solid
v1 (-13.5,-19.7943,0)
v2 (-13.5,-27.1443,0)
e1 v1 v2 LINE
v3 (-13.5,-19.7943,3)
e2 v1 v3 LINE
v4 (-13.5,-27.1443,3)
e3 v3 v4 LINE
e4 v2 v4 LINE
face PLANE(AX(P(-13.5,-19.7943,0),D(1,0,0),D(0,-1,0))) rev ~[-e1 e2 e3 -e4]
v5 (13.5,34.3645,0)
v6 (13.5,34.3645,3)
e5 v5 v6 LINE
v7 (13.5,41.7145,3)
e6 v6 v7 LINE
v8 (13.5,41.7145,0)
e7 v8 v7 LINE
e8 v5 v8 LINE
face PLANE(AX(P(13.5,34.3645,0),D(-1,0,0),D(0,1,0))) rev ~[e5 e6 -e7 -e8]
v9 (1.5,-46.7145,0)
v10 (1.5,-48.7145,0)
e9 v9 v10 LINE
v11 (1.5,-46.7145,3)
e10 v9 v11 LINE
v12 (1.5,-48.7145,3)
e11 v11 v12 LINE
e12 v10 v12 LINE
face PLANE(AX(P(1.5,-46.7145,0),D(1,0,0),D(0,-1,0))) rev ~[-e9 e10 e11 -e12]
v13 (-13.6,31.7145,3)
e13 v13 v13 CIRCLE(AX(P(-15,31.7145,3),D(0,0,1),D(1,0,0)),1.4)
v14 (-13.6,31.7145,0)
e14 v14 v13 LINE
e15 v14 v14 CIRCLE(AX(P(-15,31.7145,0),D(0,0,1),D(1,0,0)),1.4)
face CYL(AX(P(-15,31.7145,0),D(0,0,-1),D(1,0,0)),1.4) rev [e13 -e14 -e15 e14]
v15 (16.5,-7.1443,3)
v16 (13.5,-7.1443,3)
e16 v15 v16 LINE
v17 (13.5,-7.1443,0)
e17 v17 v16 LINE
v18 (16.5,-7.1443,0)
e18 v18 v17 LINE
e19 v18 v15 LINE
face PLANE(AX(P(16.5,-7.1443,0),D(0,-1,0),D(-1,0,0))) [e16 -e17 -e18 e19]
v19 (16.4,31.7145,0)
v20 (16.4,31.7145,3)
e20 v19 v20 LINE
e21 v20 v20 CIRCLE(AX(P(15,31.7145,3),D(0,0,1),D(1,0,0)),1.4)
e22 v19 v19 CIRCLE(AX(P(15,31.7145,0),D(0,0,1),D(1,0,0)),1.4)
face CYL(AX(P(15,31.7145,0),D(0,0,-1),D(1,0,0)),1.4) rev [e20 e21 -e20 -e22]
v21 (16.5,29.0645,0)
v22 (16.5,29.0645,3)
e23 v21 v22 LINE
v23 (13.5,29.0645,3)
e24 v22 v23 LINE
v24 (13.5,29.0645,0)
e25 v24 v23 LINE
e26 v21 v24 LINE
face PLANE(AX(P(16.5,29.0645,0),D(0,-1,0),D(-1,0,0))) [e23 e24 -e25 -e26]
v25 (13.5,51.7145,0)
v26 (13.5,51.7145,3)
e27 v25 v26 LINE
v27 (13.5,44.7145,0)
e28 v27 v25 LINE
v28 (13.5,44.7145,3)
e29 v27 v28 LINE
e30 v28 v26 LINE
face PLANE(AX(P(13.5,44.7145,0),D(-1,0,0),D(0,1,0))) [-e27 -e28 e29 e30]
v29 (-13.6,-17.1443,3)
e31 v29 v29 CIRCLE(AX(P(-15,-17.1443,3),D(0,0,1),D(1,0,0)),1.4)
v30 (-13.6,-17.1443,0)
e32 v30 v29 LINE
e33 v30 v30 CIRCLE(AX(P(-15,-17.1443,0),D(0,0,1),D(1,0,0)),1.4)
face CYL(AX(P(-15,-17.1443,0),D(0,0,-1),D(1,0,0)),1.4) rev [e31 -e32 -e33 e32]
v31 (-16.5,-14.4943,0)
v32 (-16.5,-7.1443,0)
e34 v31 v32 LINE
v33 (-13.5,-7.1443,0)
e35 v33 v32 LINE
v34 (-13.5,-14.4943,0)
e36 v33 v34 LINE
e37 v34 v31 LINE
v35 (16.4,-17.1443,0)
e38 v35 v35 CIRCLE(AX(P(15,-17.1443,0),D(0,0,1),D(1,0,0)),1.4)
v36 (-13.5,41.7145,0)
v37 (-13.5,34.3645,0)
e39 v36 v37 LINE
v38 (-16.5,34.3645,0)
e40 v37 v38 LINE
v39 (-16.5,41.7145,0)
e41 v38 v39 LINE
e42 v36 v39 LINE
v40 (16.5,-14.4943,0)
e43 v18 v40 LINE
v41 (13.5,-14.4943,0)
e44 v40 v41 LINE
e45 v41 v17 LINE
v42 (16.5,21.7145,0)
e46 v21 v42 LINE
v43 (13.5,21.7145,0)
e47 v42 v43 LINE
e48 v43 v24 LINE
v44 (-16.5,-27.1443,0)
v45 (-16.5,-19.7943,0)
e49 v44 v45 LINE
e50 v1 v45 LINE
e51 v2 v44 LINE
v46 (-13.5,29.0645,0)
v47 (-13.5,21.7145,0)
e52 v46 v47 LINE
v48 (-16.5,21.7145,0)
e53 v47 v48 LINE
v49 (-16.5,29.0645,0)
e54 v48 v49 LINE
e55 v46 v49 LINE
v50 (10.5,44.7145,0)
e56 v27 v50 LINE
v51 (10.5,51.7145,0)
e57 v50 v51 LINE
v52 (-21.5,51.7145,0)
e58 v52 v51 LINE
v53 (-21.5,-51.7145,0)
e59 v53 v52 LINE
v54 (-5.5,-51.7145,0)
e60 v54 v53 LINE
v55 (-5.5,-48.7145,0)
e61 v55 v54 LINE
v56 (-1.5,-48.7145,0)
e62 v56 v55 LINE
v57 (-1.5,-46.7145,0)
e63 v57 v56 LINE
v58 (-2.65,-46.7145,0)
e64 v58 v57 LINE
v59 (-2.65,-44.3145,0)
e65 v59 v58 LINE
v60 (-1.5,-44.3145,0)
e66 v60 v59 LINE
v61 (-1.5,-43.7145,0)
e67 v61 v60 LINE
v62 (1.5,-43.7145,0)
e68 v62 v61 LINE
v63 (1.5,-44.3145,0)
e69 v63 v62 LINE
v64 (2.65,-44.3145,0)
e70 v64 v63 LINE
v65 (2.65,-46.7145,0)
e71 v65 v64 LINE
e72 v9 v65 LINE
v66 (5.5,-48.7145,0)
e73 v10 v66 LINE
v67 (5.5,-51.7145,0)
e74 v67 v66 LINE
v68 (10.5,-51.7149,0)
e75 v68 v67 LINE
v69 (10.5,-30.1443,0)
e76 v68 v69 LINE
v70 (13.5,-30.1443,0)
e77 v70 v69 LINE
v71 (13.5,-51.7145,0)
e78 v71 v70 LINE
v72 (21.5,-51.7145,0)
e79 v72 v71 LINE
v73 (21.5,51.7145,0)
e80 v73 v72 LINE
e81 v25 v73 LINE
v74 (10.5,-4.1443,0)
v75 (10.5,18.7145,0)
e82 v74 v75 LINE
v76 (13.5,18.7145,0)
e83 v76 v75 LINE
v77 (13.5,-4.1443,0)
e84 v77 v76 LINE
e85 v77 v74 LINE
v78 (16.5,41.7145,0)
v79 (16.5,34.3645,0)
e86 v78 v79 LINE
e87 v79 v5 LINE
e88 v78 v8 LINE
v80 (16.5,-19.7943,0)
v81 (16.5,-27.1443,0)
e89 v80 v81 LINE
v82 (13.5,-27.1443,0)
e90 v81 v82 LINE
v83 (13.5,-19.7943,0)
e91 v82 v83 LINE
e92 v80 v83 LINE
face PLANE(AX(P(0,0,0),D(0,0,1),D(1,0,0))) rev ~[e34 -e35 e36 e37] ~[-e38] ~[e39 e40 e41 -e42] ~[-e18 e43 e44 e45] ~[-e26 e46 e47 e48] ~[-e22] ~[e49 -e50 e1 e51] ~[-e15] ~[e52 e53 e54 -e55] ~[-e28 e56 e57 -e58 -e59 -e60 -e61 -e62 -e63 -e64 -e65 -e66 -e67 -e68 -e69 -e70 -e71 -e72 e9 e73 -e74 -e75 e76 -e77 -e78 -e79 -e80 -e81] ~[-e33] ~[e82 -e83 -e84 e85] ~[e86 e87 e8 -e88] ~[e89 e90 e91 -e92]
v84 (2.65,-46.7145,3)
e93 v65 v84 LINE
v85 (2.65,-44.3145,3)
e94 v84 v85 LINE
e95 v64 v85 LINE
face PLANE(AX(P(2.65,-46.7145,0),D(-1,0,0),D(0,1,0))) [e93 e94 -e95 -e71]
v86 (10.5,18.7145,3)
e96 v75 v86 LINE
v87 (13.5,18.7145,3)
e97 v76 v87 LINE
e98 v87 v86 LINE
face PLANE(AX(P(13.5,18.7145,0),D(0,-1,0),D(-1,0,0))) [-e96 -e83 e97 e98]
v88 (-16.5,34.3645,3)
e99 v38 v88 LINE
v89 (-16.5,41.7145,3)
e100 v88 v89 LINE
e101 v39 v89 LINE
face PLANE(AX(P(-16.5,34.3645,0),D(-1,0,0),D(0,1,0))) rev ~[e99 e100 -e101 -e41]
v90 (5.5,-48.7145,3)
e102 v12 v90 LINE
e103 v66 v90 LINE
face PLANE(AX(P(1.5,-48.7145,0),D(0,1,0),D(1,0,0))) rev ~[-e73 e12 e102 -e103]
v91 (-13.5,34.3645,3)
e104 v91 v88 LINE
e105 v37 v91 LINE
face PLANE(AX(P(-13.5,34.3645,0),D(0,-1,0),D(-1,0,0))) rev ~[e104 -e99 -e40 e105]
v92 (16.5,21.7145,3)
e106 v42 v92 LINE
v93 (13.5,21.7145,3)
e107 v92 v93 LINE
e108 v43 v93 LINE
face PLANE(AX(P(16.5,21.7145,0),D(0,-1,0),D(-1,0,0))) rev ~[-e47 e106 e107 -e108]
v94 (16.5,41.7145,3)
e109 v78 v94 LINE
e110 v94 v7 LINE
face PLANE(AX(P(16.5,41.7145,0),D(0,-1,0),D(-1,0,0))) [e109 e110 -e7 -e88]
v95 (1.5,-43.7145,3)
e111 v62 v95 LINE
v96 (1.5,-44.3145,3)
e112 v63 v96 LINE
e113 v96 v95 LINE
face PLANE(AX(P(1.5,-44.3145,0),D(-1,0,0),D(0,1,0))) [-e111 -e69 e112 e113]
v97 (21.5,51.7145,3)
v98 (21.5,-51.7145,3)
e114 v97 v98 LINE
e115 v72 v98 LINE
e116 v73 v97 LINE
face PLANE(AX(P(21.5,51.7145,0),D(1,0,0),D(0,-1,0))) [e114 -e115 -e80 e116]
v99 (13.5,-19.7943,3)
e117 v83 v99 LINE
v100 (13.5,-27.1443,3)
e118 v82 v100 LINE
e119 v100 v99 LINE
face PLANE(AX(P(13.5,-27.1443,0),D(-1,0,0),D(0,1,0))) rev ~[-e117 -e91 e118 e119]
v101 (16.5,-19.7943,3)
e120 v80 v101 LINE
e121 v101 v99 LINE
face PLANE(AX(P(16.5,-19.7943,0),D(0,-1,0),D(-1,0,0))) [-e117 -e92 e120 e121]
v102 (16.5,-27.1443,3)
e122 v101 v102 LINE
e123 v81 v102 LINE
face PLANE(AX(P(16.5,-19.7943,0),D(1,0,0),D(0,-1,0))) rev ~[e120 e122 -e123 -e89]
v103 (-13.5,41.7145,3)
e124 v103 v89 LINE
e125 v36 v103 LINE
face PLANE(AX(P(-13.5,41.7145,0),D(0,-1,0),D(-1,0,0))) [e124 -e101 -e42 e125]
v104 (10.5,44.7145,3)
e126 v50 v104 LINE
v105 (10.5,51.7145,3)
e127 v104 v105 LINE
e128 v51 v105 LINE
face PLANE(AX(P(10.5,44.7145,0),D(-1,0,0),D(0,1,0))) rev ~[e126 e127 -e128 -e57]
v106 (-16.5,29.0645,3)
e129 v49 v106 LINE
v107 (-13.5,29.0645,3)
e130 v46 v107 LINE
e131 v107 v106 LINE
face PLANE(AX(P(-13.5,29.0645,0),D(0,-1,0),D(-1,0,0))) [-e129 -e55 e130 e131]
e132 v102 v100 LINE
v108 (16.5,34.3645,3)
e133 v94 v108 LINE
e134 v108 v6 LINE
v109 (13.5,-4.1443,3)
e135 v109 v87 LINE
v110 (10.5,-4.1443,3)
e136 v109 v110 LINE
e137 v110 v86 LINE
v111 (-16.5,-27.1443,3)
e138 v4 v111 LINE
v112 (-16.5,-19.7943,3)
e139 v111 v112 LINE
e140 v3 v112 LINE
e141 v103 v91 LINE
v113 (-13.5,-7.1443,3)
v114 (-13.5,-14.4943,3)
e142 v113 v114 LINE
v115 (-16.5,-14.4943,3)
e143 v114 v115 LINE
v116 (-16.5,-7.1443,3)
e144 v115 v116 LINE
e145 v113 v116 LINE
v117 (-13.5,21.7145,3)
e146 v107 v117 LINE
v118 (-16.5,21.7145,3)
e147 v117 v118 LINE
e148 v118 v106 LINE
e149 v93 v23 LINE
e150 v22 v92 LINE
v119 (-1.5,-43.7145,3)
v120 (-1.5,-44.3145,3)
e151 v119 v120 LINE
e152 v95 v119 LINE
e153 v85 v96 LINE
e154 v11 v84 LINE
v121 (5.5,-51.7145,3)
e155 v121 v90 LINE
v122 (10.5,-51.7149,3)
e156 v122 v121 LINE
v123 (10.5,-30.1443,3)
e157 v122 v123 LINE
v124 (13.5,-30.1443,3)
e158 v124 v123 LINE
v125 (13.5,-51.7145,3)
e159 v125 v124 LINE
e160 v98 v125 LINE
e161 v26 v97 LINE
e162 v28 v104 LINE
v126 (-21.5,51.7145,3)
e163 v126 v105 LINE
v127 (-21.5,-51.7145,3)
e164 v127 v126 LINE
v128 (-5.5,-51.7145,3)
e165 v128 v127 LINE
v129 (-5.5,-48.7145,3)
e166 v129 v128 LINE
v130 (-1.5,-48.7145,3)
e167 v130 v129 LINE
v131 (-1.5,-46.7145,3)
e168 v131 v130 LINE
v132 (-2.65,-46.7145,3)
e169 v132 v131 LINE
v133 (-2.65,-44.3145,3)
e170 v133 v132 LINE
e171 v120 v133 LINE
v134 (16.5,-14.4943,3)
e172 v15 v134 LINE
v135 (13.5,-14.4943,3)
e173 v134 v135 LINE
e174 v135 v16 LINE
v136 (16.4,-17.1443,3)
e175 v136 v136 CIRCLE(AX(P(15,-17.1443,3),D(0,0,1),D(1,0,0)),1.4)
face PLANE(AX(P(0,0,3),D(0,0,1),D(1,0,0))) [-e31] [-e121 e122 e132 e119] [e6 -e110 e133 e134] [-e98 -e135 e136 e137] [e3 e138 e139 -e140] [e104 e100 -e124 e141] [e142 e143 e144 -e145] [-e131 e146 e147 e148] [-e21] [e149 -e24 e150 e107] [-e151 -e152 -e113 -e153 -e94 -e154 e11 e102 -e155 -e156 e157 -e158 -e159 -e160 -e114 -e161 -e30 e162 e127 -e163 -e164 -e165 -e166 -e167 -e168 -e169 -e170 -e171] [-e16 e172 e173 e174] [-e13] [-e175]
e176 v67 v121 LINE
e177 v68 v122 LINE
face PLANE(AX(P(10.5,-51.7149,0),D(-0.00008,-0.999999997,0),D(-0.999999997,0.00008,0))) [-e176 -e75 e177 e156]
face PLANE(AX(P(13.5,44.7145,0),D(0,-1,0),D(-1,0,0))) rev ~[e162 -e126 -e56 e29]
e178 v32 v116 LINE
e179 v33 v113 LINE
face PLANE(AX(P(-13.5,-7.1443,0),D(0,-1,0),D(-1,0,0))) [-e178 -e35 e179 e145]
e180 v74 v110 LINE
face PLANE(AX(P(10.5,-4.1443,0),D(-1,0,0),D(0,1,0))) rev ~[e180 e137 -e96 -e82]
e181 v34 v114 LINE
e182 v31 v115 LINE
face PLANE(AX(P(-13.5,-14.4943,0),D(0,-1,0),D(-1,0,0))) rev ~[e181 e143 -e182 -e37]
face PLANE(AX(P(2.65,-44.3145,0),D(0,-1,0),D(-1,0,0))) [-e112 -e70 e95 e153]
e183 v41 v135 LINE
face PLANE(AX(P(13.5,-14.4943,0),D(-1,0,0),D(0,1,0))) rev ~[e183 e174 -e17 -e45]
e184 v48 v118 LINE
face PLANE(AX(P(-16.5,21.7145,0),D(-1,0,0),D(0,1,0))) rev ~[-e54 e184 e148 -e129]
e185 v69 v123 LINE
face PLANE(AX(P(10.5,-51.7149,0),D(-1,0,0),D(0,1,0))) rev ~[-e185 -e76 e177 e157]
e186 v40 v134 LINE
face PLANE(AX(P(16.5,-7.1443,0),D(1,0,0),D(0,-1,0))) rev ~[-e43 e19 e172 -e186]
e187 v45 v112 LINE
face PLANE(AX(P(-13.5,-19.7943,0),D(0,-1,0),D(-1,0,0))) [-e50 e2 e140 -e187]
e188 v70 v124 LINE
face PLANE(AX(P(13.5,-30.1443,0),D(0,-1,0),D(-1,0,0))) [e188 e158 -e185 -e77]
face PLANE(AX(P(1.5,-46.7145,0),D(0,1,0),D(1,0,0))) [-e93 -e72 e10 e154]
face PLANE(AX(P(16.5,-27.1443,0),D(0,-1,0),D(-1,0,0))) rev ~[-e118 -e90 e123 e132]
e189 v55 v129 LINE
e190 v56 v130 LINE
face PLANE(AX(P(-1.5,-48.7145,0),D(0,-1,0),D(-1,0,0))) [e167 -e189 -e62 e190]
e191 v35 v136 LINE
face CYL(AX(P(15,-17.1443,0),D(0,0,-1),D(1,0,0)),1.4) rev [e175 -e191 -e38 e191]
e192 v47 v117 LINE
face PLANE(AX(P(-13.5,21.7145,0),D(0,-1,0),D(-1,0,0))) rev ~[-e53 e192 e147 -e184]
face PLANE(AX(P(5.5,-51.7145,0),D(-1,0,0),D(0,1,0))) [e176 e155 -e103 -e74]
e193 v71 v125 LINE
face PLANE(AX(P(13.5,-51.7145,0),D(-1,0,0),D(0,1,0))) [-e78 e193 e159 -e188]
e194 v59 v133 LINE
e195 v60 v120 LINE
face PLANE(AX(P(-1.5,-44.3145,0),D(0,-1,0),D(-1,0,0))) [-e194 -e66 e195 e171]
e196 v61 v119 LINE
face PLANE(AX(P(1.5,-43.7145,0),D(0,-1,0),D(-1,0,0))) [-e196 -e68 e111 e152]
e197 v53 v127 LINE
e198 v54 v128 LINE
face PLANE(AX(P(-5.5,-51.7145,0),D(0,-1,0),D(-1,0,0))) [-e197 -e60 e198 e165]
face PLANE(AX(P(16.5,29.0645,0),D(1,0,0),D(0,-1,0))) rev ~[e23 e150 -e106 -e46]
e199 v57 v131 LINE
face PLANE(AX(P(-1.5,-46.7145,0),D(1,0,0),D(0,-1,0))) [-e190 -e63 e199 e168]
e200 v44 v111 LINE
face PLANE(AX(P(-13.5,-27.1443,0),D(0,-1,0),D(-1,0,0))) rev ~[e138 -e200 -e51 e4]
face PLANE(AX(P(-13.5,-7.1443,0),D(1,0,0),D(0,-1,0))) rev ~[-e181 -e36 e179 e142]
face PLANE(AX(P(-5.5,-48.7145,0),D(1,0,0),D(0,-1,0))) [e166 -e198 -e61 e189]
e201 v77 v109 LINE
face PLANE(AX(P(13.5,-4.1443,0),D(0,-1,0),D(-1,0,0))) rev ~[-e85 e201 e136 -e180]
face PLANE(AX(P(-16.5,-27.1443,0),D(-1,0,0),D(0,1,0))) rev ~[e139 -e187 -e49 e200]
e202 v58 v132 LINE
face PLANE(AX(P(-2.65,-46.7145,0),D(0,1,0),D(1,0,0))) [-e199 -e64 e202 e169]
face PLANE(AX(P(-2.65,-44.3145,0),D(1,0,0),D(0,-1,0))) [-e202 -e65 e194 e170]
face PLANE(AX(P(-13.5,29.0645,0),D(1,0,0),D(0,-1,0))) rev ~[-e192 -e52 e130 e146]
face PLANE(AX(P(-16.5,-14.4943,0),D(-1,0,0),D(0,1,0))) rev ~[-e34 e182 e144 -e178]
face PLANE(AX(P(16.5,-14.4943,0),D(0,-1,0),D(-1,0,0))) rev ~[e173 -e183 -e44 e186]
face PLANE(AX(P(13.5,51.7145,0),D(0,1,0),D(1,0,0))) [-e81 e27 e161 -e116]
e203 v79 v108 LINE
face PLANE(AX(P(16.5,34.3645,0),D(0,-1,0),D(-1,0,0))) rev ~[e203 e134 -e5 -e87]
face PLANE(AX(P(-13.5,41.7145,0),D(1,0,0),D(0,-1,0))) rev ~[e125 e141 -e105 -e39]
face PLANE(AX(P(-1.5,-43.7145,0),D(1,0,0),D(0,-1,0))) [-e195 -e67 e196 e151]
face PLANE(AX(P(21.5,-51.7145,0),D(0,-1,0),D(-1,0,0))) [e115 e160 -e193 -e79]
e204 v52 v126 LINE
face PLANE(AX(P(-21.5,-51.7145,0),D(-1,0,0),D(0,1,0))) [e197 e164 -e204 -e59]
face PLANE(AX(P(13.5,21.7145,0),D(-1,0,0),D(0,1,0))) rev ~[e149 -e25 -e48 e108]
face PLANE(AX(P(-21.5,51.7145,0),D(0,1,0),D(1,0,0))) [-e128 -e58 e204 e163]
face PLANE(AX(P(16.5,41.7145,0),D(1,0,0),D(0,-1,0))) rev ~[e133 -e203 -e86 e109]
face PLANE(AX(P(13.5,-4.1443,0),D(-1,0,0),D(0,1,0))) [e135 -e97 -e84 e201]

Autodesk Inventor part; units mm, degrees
ref_plane "YZ Plane" through (0, 0, 0) normal (1, 0, 0) x (0, 1, 0)
ref_plane "XZ Plane" through (0, 0, 0) normal (0, 1, 0) x (-1, 0, 0)
ref_plane "XY Plane" through (0, 0, 0) normal (0, 0, 1) x (1, 0, 0)
sketch "Sketch1" plane through (0, 0, 0) normal (0, 0, 1) x (1, 0, 0)
  line L0 (-21.5, 51.7145) -> (21.5, 51.7145)
  line L1 (21.5, 51.7145) -> (21.5, -51.7145)
  line L2 (-21.5, -51.7145) -> (-21.5, 51.7145)
  line L3 (5.5, -51.7145) -> (5.5, -48.7145)
  line L4 (1.5, -46.7145) -> (2.65, -46.7145)
  line L5 (2.65, -46.7145) -> (2.65, -44.3145)
  line L6 (2.65, -44.3145) -> (1.5, -44.3145)
  line L7 (1.5, -44.3145) -> (1.5, -43.7145)
  line L8 (1.5, -43.7145) -> (-1.5, -43.7145)
  line L9 (-1.5, -43.7145) -> (-1.5, -44.3145)
  line L10 (-1.5, -44.3145) -> (-2.65, -44.3145)
  line L11 (-2.65, -44.3145) -> (-2.65, -46.7145)
  line L12 (-2.65, -46.7145) -> (-1.5, -46.7145)
  line L13 (-5.5, -48.7145) -> (-5.5, -51.7145)
  line L14 (1.5, -46.7145) -> (1.5, -48.7145)
  line L15 (1.5, -48.7145) -> (5.5, -48.7145)
  line L16 (-1.5, -46.7145) -> (-1.5, -48.7145)
  line L17 (-1.5, -48.7145) -> (-5.5, -48.7145)
  line L18 (21.5, -51.7145) -> (13.5, -51.7145)
  line L19 (-5.5, -51.7145) -> (-21.5, -51.7145)
  line L20 (-30.1, 0) -> (30.1, 0) construction
  line L21 (0, -72.4008) -> (0, 72.4004) construction
  line L22 (13.5, 44.7145) -> (13.5, 51.7145) projected
  line L23 (13.5, 51.7145) -> (10.5, 51.7145) projected
  line L24 (10.5, 44.7145) -> (10.5, 51.7145) projected
  line L25 (13.5, 44.7145) -> (10.5, 44.7145) projected
  line L26 (13.5, -4.1443) -> (13.5, 18.7145) projected
  line L27 (13.5, 18.7145) -> (10.5, 18.7145) projected
  line L28 (10.5, -4.1443) -> (10.5, 18.7145) projected
  line L29 (13.5, -4.1443) -> (10.5, -4.1443) projected
  line L30 (13.5, -51.7149) -> (13.5, -30.1443) projected
  line L31 (13.5, -30.1443) -> (10.5, -30.1443) projected
  line L32 (10.5, -51.7149) -> (10.5, -30.1443) projected
  line L33 (13.5, -51.7149) -> (10.5, -51.7149) projected
  line L34 (16.5, 41.7145) -> (16.5, 34.3645) projected
  line L35 (16.5, 41.7145) -> (13.5, 41.7145) projected
  line L36 (13.5, 34.3645) -> (13.5, 41.7145) projected
  line L37 (16.5, 34.3645) -> (13.5, 34.3645) projected
  line L38 (16.5, 29.0645) -> (16.5, 21.7145) projected
  line L39 (16.5, 29.0645) -> (13.5, 29.0645) projected
  line L40 (13.5, 21.7145) -> (13.5, 29.0645) projected
  line L41 (16.5, 21.7145) -> (13.5, 21.7145) projected
  line L42 (16.5, -7.1443) -> (16.5, -14.4943) projected
  line L43 (16.5, -7.1443) -> (13.5, -7.1443) projected
  line L44 (13.5, -14.4943) -> (13.5, -7.1443) projected
  line L45 (16.5, -14.4943) -> (13.5, -14.4943) projected
  line L46 (16.5, -19.7943) -> (16.5, -27.1443) projected
  line L47 (16.5, -19.7943) -> (13.5, -19.7943) projected
  line L48 (13.5, -27.1443) -> (13.5, -19.7943) projected
  line L49 (16.5, -27.1443) -> (13.5, -27.1443) projected
  line L50 (-13.5, -19.7943) -> (-13.5, -27.1443) projected
  line L51 (-13.5, -19.7943) -> (-16.5, -19.7943) projected
  line L52 (-16.5, -27.1443) -> (-16.5, -19.7943) projected
  line L53 (-13.5, -27.1443) -> (-16.5, -27.1443) projected
  line L54 (-13.5, -7.1443) -> (-13.5, -14.4943) projected
  line L55 (-13.5, -7.1443) -> (-16.5, -7.1443) projected
  line L56 (-16.5, -14.4943) -> (-16.5, -7.1443) projected
  line L57 (-13.5, -14.4943) -> (-16.5, -14.4943) projected
  line L58 (-13.5, 29.0645) -> (-13.5, 21.7145) projected
  line L59 (-13.5, 29.0645) -> (-16.5, 29.0645) projected
  line L60 (-16.5, 21.7145) -> (-16.5, 29.0645) projected
  line L61 (-13.5, 21.7145) -> (-16.5, 21.7145) projected
  line L62 (-13.5, 41.7145) -> (-13.5, 34.3645) projected
  line L63 (-13.5, 41.7145) -> (-16.5, 41.7145) projected
  line L64 (-16.5, 34.3645) -> (-16.5, 41.7145) projected
  line L65 (-13.5, 34.3645) -> (-16.5, 34.3645) projected
  line L66 (16.5, 34.3645) -> (13.5, 29.0645) construction
  line L67 (13.5, 34.3645) -> (16.5, 29.0645) construction
  line L68 (13.5, -14.4943) -> (16.5, -19.7943) construction
  line L69 (16.5, -14.4943) -> (13.5, -19.7943) construction
  line L70 (-13.5, -14.4943) -> (-16.5, -19.7943) construction
  line L71 (-16.5, -14.4943) -> (-13.5, -19.7943) construction
  line L72 (-13.5, 34.3645) -> (-16.5, 29.0645) construction
  line L73 (-16.5, 34.3645) -> (-13.5, 29.0645) construction
  circle A0 centre (-15, 31.7145) radius 1.4
  circle A1 centre (15, 31.7145) radius 1.4
  circle A2 centre (15, -17.1443) radius 1.4
  circle A3 centre (-15, -17.1443) radius 1.4
  line L74 (13.5, -51.7145) -> (10.5, -51.7145)
  line L75 (10.5, -51.7145) -> (5.5, -51.7145)
  dimension "d0" = 43
  dimension "d12" = 3
  dimension "d13" = 5.3
  dimension "d15" = 2.4
  dimension "d19" = 3
  dimension "d20" = 5
  dimension "d21" = 8
  dimension "d25" = 103.429
  dimension "d26" = 2.8
  dimension "d27" = 2.8
  dimension "d28" = 2.8
  dimension "d29" = 2.8
  dimension "d30" = 5
extrude "Extrusion1" add sketch "Sketch1" along normal blind 3 contours L0 L24 L25 L22 L1 L18 L30 L31 L32 L75 L3 L15 L14 L4 L5 L6 L7 L8 L9 L10 L11 L12 L16 L17 L13 L19 L2
properties part number "Y-Shafts-Holder_Side"
